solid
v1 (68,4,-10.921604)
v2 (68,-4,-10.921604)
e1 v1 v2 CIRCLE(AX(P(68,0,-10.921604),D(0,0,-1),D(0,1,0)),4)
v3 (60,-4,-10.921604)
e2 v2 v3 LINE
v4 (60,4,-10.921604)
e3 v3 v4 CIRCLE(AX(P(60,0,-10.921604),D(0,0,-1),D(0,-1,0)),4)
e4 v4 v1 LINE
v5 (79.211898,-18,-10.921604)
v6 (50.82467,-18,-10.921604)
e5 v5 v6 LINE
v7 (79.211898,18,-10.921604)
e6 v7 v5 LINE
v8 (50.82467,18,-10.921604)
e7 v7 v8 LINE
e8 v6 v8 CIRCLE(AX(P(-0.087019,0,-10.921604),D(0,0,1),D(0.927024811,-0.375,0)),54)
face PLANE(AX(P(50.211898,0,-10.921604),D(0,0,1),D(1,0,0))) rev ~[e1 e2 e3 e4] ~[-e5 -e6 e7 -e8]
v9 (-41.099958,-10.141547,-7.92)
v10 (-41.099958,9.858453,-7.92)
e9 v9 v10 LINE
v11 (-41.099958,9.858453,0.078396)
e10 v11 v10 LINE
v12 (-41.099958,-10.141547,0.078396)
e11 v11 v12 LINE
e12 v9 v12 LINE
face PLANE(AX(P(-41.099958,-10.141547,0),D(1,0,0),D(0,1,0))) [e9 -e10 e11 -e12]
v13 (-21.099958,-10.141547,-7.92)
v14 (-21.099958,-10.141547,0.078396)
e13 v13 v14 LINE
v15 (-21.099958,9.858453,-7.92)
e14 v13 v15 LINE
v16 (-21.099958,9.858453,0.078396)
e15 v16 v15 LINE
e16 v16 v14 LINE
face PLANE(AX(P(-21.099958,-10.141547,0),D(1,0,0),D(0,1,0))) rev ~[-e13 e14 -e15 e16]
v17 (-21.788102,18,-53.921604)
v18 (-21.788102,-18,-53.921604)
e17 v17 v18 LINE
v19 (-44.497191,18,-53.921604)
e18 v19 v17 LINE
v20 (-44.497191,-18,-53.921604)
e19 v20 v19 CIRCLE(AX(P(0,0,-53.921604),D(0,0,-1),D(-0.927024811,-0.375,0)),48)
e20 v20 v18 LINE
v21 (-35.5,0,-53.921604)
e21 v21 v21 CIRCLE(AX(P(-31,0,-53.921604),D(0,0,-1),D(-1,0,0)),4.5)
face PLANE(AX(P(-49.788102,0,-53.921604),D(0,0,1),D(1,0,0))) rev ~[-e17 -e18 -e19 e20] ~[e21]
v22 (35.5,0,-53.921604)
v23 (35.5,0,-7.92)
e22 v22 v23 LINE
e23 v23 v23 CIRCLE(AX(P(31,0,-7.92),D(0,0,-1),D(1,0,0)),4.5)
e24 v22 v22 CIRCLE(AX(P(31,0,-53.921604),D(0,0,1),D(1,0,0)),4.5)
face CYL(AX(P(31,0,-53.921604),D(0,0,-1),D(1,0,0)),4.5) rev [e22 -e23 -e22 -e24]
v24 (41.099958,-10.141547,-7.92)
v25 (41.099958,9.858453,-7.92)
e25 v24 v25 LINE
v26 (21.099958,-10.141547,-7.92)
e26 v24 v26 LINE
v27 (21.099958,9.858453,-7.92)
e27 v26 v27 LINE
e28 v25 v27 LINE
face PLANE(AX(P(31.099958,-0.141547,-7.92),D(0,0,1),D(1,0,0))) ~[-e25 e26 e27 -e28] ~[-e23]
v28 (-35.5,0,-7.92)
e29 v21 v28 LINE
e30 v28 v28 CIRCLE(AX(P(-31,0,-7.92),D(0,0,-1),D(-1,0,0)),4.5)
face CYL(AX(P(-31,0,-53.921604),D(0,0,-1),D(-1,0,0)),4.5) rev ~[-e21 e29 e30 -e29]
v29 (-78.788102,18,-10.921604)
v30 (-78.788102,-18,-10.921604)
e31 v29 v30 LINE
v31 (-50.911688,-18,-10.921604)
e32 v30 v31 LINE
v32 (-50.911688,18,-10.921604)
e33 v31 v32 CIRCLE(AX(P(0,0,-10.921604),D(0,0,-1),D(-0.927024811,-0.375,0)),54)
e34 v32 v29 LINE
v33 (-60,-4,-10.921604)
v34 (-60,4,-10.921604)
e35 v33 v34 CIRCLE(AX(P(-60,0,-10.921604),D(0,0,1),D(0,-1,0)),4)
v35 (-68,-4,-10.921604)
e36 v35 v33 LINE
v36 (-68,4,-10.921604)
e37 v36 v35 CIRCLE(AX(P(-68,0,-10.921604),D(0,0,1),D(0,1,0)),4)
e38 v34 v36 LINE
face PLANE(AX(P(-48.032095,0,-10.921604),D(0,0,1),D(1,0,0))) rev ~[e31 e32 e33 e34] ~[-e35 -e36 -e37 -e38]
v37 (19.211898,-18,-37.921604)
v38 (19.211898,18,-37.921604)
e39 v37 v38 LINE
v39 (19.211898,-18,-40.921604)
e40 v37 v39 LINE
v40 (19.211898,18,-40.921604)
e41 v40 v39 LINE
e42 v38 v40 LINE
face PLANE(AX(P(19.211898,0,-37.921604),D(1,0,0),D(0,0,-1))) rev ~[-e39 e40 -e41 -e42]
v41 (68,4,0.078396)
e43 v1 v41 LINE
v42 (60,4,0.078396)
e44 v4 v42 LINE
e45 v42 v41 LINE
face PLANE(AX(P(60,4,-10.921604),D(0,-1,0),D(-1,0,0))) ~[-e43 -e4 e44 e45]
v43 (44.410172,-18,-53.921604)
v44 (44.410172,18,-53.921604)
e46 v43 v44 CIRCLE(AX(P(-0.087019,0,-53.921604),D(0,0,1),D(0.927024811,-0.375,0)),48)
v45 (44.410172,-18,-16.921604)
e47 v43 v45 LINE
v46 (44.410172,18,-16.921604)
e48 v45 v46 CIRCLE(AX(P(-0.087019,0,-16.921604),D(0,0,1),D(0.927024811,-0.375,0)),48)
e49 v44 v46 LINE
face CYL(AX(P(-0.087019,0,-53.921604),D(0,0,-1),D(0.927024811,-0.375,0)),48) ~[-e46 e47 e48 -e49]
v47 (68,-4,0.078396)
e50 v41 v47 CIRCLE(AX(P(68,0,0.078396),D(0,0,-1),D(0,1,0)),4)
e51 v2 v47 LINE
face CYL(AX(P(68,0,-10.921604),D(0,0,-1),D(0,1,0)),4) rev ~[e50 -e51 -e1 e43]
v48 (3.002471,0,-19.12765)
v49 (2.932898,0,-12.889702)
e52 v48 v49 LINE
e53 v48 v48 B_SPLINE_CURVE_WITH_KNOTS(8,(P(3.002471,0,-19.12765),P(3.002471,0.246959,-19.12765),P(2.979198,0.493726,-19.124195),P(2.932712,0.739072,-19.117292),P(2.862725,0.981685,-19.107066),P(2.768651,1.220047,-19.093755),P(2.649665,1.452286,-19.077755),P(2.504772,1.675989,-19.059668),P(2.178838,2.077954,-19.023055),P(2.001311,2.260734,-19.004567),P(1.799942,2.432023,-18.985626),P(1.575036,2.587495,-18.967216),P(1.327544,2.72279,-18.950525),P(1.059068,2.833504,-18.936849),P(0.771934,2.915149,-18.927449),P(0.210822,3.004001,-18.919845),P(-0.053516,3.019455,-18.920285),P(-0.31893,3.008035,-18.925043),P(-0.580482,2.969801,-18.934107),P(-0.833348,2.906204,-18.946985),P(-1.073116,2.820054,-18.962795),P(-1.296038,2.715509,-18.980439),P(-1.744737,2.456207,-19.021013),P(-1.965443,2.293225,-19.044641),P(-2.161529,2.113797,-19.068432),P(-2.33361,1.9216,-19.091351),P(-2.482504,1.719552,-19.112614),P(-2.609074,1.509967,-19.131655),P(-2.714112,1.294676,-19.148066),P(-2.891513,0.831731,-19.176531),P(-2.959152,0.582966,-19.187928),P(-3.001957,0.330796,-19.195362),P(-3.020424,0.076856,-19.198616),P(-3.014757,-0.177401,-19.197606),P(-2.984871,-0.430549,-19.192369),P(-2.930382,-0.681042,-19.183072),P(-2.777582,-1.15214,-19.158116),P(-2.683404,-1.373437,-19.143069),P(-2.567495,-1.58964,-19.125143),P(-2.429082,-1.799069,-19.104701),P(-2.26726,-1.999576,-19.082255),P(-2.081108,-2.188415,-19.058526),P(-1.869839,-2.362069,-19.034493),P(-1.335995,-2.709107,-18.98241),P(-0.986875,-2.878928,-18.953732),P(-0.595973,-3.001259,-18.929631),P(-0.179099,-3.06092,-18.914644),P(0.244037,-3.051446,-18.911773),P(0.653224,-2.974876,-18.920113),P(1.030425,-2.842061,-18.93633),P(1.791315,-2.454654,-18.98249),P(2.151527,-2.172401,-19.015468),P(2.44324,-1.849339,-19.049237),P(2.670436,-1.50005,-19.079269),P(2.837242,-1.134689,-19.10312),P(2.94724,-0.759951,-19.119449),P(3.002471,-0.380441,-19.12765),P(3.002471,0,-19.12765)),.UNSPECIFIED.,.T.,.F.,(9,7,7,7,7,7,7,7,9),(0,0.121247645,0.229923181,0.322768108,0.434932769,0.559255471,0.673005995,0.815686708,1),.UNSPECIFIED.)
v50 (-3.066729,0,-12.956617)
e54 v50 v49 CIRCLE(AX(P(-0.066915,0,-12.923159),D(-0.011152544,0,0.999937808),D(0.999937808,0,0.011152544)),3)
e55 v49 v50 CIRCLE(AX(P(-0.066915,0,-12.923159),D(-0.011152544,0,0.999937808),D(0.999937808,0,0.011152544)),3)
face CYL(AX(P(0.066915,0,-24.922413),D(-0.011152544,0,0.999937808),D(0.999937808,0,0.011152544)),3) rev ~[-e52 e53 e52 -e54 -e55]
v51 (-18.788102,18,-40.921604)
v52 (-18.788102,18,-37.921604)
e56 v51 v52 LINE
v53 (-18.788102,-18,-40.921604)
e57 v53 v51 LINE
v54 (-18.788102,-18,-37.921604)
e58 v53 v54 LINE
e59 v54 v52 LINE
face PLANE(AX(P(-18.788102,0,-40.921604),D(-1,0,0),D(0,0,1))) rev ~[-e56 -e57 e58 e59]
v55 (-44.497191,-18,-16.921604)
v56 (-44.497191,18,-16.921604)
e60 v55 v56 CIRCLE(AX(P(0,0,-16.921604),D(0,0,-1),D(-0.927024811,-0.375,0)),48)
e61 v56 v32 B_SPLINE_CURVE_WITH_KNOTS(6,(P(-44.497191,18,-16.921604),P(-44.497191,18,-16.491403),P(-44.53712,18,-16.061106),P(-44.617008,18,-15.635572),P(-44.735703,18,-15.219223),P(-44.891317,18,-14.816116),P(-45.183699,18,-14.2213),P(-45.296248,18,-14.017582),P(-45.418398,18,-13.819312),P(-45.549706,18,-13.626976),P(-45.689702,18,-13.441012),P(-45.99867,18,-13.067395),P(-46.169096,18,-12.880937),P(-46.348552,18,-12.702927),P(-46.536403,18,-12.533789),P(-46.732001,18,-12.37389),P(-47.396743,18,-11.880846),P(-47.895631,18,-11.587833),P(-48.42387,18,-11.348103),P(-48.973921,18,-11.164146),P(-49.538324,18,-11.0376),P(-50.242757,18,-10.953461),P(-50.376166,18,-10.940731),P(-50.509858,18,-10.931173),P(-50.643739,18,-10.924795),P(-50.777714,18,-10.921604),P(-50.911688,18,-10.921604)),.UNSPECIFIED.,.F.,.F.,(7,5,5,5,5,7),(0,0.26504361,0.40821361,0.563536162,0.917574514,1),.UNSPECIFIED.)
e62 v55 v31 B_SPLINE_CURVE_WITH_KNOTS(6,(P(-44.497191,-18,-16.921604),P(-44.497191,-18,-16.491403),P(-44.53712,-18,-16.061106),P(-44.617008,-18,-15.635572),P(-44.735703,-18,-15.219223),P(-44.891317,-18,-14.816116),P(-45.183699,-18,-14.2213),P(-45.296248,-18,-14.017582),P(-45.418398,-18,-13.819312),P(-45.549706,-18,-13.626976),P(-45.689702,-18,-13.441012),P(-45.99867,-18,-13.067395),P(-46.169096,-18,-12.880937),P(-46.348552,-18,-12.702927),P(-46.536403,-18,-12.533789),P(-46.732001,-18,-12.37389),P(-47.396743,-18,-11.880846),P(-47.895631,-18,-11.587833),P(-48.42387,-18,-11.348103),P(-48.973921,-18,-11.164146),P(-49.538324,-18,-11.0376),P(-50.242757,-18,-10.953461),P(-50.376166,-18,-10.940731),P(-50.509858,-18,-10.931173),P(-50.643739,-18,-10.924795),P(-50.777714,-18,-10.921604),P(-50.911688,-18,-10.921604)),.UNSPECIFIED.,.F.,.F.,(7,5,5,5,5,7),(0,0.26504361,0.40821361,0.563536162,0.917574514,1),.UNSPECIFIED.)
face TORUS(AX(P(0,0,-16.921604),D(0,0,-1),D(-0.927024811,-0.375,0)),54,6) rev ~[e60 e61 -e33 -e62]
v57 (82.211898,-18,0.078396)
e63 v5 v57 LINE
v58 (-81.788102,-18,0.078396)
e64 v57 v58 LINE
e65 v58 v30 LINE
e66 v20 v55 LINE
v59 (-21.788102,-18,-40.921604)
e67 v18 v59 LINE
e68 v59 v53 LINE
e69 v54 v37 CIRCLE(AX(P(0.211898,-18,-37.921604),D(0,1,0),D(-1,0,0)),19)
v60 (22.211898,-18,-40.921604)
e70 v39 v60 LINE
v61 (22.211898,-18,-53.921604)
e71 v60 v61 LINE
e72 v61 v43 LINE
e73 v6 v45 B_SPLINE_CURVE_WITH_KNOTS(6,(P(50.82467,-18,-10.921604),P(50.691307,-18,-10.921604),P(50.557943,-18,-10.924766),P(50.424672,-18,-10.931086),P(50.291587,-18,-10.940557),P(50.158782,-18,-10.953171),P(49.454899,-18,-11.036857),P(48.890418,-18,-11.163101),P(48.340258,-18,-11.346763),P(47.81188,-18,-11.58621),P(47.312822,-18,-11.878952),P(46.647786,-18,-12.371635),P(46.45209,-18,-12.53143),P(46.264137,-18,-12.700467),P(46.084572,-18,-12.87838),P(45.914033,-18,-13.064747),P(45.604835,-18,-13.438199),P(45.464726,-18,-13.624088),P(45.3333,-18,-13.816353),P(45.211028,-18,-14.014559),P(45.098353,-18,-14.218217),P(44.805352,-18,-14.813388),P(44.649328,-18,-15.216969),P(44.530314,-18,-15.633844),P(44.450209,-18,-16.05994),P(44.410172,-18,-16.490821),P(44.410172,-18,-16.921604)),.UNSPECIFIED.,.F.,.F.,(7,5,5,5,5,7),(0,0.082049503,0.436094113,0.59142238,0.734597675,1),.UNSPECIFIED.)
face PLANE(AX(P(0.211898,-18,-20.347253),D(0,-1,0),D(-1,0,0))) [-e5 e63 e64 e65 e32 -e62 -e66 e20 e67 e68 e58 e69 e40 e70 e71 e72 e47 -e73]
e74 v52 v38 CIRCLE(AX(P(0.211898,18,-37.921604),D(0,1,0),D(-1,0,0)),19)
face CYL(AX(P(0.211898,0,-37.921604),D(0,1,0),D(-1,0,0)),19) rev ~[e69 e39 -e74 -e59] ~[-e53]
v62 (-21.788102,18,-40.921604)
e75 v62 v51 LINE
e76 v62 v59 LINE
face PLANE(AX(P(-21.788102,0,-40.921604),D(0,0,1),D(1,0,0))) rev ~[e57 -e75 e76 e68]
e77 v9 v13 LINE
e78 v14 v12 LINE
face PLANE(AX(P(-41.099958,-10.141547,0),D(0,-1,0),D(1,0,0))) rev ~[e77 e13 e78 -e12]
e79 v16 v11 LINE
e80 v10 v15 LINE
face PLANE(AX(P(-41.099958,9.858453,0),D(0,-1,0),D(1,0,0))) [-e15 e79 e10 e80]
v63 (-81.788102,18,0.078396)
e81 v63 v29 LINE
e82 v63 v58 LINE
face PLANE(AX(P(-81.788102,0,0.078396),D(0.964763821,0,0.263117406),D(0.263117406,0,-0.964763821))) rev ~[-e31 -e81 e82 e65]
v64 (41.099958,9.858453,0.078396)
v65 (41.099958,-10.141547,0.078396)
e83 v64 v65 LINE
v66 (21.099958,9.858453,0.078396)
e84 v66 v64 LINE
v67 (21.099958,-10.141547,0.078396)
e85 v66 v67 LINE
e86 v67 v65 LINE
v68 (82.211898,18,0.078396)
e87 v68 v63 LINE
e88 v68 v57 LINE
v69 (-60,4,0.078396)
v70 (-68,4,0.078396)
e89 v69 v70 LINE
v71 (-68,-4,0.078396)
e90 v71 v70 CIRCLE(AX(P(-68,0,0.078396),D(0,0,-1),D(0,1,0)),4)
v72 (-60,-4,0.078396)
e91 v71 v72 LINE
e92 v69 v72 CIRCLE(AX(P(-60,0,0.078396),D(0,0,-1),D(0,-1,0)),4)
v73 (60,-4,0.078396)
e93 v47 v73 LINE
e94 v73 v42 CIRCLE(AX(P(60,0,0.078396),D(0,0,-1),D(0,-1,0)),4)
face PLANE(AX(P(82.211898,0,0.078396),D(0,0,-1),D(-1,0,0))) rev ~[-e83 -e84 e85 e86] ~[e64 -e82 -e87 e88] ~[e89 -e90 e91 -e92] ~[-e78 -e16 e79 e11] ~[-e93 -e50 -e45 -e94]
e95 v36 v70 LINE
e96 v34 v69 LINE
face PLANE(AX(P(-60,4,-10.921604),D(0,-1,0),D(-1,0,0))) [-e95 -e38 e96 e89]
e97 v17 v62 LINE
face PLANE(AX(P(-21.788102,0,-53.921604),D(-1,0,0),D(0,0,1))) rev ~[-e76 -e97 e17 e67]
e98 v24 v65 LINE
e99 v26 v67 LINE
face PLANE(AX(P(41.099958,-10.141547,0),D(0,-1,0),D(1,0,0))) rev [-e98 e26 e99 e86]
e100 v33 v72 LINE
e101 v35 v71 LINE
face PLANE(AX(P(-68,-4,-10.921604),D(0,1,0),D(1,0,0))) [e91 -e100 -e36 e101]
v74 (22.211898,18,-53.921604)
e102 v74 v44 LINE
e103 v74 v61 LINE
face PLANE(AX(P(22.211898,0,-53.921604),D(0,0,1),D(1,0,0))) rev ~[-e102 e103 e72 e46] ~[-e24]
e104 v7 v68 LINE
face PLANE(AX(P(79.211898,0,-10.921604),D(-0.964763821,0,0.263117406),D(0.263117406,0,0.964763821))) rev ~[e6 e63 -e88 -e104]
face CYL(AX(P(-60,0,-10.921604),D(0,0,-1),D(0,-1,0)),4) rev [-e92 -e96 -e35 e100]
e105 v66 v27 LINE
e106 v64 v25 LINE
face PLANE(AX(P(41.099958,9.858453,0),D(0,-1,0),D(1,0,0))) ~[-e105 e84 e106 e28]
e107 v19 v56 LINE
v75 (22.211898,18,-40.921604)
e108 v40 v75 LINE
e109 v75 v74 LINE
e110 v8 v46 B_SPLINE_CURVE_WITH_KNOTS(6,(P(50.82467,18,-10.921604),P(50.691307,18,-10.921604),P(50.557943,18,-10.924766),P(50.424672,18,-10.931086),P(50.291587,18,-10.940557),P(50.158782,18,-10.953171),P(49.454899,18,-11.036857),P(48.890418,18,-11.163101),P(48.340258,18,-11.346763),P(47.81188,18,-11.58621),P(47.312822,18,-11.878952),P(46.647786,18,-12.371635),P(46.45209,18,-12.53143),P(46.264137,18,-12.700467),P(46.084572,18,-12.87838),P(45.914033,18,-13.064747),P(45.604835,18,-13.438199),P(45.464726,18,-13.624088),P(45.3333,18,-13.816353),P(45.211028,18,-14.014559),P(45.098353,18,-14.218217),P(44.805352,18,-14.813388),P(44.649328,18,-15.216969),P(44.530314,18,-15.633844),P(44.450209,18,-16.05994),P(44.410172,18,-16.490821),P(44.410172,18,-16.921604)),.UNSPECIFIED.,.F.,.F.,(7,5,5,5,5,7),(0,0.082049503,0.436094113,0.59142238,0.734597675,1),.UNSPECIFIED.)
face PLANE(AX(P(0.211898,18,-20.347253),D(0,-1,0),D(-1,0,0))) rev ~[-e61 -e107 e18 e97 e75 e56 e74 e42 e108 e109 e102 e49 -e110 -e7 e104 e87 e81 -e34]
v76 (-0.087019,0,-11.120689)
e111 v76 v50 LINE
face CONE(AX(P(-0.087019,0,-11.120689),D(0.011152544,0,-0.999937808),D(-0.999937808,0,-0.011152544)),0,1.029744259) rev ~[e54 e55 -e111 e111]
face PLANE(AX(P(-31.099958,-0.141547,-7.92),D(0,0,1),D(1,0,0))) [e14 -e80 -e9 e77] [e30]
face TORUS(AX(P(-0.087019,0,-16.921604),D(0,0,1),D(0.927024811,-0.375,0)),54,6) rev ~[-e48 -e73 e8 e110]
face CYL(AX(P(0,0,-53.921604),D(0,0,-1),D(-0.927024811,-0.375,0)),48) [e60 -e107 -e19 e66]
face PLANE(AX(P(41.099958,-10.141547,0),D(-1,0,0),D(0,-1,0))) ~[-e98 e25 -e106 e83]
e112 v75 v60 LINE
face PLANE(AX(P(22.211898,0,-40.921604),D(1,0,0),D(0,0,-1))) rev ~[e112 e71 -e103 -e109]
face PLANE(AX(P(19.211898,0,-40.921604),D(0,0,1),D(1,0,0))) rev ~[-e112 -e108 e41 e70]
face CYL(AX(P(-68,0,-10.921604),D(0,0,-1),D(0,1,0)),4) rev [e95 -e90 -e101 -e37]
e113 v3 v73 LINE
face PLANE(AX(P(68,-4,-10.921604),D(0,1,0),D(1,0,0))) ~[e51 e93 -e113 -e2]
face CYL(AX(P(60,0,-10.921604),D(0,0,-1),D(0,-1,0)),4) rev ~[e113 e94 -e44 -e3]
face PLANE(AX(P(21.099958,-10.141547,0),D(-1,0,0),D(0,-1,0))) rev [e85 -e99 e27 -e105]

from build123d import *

# Parameters (mm, degrees)
BOSS_EXTRUDE1_DEPTH       = 18
CUT_EXTRUDE2_DEPTH        = 43
FILLET2_R                 = 6
SKETCH4_R                 = 4.5
CUT_EXTRUDE3_DEPTH        = 55.0000001
SKETCH5_W                 = 20
SKETCH5_H                 = 20
CUT_EXTRUDE6_DEPTH        = 7.92
CUT_EXTRUDE7_DEPTH        = 12.0000001
F_6_0MM_DOWEL_HOLE1_D     = 6
F_6_0MM_DOWEL_HOLE1_DEPTH = 6
F_6_0MM_DOWEL_HOLE1_TIP   = 1.802581857
CUT_EXTRUDE8_DEPTH        = 43
FILLET3_R                 = 6


with BuildPart() as part:
    # Sketch1 → Boss-Extrude1 (new body, symmetric)
    with BuildSketch(Plane(origin=(0, 0, 0), x_dir=(1, 0, 0), z_dir=(0, 1, 0))):
        with BuildLine():
            Line((19.211898334, 37.921604348), (19.211898334, 40.921604348))
            Line((19.211898334, 40.921604348), (22.211898334, 40.921604348))
            Line((22.211898334, 40.921604348), (22.211898334, 53.921604348))
            Line((22.211898334, 53.921604348), (50.211898334, 53.921604348))
            Line((50.211898334, 53.921604348), (50.211898334, 10.921604348))
            Line((50.211898334, 10.921604348), (79.211898334, 10.921604348))
            Line((79.211898334, 10.921604348), (82.211898334, -0.078395652))
            Line((82.211898334, -0.078395652), (-81.788101666, -0.078395652))
            Line((-81.788101666, -0.078395652), (-78.788101666, 10.921604348))
            Line((-78.788101666, 10.921604348), (-49.788101666, 10.921604348))
            Line((-49.788101666, 10.921604348), (-49.788101666, 53.921604348))
            Line((-49.788101666, 53.921604348), (-21.788101666, 53.921604348))
            Line((-21.788101666, 53.921604348), (-21.788101666, 40.921604348))
            Line((-21.788101666, 40.921604348), (-18.788101666, 40.921604348))
            Line((-18.788101666, 40.921604348), (-18.788101666, 37.921604348))
            ThreePointArc((-18.788101666, 37.921604348), (0.211898334, 18.921604348), (19.211898334, 37.921604348))
        make_face()
    extrude(amount=BOSS_EXTRUDE1_DEPTH, both=True)

    # Sketch3 → Cut-Extrude2 (cut)
    with BuildSketch(Plane(origin=(0, 0, -53.921604348), x_dir=(-1, 0, 0), z_dir=(0, 0, -1))):
        with BuildLine():
            Line((44.497190923, 18), (49.788101666, 18))
            Line((49.788101666, 18), (49.788101666, -18))
            Line((49.788101666, -18), (44.497190923, -18))
            ThreePointArc((44.497190923, -18), (48, 0), (44.497190923, 18))
        make_face()
    extrude(amount=-CUT_EXTRUDE2_DEPTH, mode=Mode.SUBTRACT)

    # Fillet2
    fillet2_edges = [part.edges().sort_by_distance(p)[0] for p in [
        (-48, 0, -10.921604348),
    ]]
    fillet(fillet2_edges, radius=FILLET2_R)

    # Sketch4 → Cut-Extrude3 (cut, through all)
    with BuildSketch(Plane(origin=(0, 0, -53.921604348), x_dir=(-1, 0, 0), z_dir=(0, 0, -1))):
        with Locations((31, 0)):
            Circle(SKETCH4_R)
    cut_extrude3 = extrude(amount=-CUT_EXTRUDE3_DEPTH, mode=Mode.SUBTRACT)

    # Sketch5 → Cut-Extrude6 (cut, symmetric)
    with BuildSketch(Plane.XY):
        with Locations((-31.09995798, -0.141547283)):
            Rectangle(SKETCH5_W, SKETCH5_H)
    cut_extrude6 = extrude(amount=CUT_EXTRUDE6_DEPTH, both=True, mode=Mode.SUBTRACT)

    # Sketch6 → Cut-Extrude7 (cut, through all)
    with BuildSketch(Plane(origin=(0, 0, -10.921604348), x_dir=(-1, 0, 0), z_dir=(0, 0, -1))):
        with BuildLine():
            Line((60, 4), (68, 4))
            ThreePointArc((68, 4), (72, 0), (68, -4))
            Line((68, -4), (60, -4))
            ThreePointArc((60, -4), (56, 0), (60, 4))
        make_face()
    cut_extrude7 = extrude(amount=-CUT_EXTRUDE7_DEPTH, mode=Mode.SUBTRACT)

    # Ø6.0mm Dowel Hole1
    with Locations(Plane(origin=(0, 0, -18.922785988), x_dir=(-0.999937808, 0, -0.011152544), z_dir=(0.011152544, 0, -0.999937808))):
        with Locations((0, 0)):
            Hole(F_6_0MM_DOWEL_HOLE1_D / 2, depth=F_6_0MM_DOWEL_HOLE1_DEPTH)
            with Locations((0, 0, -(F_6_0MM_DOWEL_HOLE1_DEPTH + F_6_0MM_DOWEL_HOLE1_TIP / 2))):  # 118° drill point
                Cone(0, F_6_0MM_DOWEL_HOLE1_D / 2, F_6_0MM_DOWEL_HOLE1_TIP, mode=Mode.SUBTRACT)

    # Mirror3: Cut-Extrude3, Cut-Extrude6, Cut-Extrude7 across plane
    add(cut_extrude3.mirror(Plane(origin=(0, 0, 0), x_dir=(0, 0, 1), z_dir=(1, 0, 0))), mode=Mode.SUBTRACT)
    add(cut_extrude6.mirror(Plane(origin=(0, 0, 0), x_dir=(0, 0, 1), z_dir=(1, 0, 0))), mode=Mode.SUBTRACT)
    add(cut_extrude7.mirror(Plane(origin=(0, 0, 0), x_dir=(0, 0, 1), z_dir=(1, 0, 0))), mode=Mode.SUBTRACT)

    # Sketch10 → Cut-Extrude8 (cut)
    with BuildSketch(Plane(origin=(0, 0, -53.921604348), x_dir=(-1, 0, 0), z_dir=(0, 0, -1))):
        with BuildLine():
            Line((-50.211898334, -18), (-44.410172286, -18))
            ThreePointArc((-44.410172286, -18), (-47.912981363, 0), (-44.410172286, 18))
            Line((-44.410172286, 18), (-50.211898334, 18))
            Line((-50.211898334, 18), (-50.211898334, -18))
        make_face()
    extrude(amount=-CUT_EXTRUDE8_DEPTH, mode=Mode.SUBTRACT)

    # Fillet3
    fillet3_edges = [part.edges().sort_by_distance(p)[0] for p in [
        (47.912981363, 0, -10.921604348),
    ]]
    fillet(fillet3_edges, radius=FILLET3_R)


solid = part.part
